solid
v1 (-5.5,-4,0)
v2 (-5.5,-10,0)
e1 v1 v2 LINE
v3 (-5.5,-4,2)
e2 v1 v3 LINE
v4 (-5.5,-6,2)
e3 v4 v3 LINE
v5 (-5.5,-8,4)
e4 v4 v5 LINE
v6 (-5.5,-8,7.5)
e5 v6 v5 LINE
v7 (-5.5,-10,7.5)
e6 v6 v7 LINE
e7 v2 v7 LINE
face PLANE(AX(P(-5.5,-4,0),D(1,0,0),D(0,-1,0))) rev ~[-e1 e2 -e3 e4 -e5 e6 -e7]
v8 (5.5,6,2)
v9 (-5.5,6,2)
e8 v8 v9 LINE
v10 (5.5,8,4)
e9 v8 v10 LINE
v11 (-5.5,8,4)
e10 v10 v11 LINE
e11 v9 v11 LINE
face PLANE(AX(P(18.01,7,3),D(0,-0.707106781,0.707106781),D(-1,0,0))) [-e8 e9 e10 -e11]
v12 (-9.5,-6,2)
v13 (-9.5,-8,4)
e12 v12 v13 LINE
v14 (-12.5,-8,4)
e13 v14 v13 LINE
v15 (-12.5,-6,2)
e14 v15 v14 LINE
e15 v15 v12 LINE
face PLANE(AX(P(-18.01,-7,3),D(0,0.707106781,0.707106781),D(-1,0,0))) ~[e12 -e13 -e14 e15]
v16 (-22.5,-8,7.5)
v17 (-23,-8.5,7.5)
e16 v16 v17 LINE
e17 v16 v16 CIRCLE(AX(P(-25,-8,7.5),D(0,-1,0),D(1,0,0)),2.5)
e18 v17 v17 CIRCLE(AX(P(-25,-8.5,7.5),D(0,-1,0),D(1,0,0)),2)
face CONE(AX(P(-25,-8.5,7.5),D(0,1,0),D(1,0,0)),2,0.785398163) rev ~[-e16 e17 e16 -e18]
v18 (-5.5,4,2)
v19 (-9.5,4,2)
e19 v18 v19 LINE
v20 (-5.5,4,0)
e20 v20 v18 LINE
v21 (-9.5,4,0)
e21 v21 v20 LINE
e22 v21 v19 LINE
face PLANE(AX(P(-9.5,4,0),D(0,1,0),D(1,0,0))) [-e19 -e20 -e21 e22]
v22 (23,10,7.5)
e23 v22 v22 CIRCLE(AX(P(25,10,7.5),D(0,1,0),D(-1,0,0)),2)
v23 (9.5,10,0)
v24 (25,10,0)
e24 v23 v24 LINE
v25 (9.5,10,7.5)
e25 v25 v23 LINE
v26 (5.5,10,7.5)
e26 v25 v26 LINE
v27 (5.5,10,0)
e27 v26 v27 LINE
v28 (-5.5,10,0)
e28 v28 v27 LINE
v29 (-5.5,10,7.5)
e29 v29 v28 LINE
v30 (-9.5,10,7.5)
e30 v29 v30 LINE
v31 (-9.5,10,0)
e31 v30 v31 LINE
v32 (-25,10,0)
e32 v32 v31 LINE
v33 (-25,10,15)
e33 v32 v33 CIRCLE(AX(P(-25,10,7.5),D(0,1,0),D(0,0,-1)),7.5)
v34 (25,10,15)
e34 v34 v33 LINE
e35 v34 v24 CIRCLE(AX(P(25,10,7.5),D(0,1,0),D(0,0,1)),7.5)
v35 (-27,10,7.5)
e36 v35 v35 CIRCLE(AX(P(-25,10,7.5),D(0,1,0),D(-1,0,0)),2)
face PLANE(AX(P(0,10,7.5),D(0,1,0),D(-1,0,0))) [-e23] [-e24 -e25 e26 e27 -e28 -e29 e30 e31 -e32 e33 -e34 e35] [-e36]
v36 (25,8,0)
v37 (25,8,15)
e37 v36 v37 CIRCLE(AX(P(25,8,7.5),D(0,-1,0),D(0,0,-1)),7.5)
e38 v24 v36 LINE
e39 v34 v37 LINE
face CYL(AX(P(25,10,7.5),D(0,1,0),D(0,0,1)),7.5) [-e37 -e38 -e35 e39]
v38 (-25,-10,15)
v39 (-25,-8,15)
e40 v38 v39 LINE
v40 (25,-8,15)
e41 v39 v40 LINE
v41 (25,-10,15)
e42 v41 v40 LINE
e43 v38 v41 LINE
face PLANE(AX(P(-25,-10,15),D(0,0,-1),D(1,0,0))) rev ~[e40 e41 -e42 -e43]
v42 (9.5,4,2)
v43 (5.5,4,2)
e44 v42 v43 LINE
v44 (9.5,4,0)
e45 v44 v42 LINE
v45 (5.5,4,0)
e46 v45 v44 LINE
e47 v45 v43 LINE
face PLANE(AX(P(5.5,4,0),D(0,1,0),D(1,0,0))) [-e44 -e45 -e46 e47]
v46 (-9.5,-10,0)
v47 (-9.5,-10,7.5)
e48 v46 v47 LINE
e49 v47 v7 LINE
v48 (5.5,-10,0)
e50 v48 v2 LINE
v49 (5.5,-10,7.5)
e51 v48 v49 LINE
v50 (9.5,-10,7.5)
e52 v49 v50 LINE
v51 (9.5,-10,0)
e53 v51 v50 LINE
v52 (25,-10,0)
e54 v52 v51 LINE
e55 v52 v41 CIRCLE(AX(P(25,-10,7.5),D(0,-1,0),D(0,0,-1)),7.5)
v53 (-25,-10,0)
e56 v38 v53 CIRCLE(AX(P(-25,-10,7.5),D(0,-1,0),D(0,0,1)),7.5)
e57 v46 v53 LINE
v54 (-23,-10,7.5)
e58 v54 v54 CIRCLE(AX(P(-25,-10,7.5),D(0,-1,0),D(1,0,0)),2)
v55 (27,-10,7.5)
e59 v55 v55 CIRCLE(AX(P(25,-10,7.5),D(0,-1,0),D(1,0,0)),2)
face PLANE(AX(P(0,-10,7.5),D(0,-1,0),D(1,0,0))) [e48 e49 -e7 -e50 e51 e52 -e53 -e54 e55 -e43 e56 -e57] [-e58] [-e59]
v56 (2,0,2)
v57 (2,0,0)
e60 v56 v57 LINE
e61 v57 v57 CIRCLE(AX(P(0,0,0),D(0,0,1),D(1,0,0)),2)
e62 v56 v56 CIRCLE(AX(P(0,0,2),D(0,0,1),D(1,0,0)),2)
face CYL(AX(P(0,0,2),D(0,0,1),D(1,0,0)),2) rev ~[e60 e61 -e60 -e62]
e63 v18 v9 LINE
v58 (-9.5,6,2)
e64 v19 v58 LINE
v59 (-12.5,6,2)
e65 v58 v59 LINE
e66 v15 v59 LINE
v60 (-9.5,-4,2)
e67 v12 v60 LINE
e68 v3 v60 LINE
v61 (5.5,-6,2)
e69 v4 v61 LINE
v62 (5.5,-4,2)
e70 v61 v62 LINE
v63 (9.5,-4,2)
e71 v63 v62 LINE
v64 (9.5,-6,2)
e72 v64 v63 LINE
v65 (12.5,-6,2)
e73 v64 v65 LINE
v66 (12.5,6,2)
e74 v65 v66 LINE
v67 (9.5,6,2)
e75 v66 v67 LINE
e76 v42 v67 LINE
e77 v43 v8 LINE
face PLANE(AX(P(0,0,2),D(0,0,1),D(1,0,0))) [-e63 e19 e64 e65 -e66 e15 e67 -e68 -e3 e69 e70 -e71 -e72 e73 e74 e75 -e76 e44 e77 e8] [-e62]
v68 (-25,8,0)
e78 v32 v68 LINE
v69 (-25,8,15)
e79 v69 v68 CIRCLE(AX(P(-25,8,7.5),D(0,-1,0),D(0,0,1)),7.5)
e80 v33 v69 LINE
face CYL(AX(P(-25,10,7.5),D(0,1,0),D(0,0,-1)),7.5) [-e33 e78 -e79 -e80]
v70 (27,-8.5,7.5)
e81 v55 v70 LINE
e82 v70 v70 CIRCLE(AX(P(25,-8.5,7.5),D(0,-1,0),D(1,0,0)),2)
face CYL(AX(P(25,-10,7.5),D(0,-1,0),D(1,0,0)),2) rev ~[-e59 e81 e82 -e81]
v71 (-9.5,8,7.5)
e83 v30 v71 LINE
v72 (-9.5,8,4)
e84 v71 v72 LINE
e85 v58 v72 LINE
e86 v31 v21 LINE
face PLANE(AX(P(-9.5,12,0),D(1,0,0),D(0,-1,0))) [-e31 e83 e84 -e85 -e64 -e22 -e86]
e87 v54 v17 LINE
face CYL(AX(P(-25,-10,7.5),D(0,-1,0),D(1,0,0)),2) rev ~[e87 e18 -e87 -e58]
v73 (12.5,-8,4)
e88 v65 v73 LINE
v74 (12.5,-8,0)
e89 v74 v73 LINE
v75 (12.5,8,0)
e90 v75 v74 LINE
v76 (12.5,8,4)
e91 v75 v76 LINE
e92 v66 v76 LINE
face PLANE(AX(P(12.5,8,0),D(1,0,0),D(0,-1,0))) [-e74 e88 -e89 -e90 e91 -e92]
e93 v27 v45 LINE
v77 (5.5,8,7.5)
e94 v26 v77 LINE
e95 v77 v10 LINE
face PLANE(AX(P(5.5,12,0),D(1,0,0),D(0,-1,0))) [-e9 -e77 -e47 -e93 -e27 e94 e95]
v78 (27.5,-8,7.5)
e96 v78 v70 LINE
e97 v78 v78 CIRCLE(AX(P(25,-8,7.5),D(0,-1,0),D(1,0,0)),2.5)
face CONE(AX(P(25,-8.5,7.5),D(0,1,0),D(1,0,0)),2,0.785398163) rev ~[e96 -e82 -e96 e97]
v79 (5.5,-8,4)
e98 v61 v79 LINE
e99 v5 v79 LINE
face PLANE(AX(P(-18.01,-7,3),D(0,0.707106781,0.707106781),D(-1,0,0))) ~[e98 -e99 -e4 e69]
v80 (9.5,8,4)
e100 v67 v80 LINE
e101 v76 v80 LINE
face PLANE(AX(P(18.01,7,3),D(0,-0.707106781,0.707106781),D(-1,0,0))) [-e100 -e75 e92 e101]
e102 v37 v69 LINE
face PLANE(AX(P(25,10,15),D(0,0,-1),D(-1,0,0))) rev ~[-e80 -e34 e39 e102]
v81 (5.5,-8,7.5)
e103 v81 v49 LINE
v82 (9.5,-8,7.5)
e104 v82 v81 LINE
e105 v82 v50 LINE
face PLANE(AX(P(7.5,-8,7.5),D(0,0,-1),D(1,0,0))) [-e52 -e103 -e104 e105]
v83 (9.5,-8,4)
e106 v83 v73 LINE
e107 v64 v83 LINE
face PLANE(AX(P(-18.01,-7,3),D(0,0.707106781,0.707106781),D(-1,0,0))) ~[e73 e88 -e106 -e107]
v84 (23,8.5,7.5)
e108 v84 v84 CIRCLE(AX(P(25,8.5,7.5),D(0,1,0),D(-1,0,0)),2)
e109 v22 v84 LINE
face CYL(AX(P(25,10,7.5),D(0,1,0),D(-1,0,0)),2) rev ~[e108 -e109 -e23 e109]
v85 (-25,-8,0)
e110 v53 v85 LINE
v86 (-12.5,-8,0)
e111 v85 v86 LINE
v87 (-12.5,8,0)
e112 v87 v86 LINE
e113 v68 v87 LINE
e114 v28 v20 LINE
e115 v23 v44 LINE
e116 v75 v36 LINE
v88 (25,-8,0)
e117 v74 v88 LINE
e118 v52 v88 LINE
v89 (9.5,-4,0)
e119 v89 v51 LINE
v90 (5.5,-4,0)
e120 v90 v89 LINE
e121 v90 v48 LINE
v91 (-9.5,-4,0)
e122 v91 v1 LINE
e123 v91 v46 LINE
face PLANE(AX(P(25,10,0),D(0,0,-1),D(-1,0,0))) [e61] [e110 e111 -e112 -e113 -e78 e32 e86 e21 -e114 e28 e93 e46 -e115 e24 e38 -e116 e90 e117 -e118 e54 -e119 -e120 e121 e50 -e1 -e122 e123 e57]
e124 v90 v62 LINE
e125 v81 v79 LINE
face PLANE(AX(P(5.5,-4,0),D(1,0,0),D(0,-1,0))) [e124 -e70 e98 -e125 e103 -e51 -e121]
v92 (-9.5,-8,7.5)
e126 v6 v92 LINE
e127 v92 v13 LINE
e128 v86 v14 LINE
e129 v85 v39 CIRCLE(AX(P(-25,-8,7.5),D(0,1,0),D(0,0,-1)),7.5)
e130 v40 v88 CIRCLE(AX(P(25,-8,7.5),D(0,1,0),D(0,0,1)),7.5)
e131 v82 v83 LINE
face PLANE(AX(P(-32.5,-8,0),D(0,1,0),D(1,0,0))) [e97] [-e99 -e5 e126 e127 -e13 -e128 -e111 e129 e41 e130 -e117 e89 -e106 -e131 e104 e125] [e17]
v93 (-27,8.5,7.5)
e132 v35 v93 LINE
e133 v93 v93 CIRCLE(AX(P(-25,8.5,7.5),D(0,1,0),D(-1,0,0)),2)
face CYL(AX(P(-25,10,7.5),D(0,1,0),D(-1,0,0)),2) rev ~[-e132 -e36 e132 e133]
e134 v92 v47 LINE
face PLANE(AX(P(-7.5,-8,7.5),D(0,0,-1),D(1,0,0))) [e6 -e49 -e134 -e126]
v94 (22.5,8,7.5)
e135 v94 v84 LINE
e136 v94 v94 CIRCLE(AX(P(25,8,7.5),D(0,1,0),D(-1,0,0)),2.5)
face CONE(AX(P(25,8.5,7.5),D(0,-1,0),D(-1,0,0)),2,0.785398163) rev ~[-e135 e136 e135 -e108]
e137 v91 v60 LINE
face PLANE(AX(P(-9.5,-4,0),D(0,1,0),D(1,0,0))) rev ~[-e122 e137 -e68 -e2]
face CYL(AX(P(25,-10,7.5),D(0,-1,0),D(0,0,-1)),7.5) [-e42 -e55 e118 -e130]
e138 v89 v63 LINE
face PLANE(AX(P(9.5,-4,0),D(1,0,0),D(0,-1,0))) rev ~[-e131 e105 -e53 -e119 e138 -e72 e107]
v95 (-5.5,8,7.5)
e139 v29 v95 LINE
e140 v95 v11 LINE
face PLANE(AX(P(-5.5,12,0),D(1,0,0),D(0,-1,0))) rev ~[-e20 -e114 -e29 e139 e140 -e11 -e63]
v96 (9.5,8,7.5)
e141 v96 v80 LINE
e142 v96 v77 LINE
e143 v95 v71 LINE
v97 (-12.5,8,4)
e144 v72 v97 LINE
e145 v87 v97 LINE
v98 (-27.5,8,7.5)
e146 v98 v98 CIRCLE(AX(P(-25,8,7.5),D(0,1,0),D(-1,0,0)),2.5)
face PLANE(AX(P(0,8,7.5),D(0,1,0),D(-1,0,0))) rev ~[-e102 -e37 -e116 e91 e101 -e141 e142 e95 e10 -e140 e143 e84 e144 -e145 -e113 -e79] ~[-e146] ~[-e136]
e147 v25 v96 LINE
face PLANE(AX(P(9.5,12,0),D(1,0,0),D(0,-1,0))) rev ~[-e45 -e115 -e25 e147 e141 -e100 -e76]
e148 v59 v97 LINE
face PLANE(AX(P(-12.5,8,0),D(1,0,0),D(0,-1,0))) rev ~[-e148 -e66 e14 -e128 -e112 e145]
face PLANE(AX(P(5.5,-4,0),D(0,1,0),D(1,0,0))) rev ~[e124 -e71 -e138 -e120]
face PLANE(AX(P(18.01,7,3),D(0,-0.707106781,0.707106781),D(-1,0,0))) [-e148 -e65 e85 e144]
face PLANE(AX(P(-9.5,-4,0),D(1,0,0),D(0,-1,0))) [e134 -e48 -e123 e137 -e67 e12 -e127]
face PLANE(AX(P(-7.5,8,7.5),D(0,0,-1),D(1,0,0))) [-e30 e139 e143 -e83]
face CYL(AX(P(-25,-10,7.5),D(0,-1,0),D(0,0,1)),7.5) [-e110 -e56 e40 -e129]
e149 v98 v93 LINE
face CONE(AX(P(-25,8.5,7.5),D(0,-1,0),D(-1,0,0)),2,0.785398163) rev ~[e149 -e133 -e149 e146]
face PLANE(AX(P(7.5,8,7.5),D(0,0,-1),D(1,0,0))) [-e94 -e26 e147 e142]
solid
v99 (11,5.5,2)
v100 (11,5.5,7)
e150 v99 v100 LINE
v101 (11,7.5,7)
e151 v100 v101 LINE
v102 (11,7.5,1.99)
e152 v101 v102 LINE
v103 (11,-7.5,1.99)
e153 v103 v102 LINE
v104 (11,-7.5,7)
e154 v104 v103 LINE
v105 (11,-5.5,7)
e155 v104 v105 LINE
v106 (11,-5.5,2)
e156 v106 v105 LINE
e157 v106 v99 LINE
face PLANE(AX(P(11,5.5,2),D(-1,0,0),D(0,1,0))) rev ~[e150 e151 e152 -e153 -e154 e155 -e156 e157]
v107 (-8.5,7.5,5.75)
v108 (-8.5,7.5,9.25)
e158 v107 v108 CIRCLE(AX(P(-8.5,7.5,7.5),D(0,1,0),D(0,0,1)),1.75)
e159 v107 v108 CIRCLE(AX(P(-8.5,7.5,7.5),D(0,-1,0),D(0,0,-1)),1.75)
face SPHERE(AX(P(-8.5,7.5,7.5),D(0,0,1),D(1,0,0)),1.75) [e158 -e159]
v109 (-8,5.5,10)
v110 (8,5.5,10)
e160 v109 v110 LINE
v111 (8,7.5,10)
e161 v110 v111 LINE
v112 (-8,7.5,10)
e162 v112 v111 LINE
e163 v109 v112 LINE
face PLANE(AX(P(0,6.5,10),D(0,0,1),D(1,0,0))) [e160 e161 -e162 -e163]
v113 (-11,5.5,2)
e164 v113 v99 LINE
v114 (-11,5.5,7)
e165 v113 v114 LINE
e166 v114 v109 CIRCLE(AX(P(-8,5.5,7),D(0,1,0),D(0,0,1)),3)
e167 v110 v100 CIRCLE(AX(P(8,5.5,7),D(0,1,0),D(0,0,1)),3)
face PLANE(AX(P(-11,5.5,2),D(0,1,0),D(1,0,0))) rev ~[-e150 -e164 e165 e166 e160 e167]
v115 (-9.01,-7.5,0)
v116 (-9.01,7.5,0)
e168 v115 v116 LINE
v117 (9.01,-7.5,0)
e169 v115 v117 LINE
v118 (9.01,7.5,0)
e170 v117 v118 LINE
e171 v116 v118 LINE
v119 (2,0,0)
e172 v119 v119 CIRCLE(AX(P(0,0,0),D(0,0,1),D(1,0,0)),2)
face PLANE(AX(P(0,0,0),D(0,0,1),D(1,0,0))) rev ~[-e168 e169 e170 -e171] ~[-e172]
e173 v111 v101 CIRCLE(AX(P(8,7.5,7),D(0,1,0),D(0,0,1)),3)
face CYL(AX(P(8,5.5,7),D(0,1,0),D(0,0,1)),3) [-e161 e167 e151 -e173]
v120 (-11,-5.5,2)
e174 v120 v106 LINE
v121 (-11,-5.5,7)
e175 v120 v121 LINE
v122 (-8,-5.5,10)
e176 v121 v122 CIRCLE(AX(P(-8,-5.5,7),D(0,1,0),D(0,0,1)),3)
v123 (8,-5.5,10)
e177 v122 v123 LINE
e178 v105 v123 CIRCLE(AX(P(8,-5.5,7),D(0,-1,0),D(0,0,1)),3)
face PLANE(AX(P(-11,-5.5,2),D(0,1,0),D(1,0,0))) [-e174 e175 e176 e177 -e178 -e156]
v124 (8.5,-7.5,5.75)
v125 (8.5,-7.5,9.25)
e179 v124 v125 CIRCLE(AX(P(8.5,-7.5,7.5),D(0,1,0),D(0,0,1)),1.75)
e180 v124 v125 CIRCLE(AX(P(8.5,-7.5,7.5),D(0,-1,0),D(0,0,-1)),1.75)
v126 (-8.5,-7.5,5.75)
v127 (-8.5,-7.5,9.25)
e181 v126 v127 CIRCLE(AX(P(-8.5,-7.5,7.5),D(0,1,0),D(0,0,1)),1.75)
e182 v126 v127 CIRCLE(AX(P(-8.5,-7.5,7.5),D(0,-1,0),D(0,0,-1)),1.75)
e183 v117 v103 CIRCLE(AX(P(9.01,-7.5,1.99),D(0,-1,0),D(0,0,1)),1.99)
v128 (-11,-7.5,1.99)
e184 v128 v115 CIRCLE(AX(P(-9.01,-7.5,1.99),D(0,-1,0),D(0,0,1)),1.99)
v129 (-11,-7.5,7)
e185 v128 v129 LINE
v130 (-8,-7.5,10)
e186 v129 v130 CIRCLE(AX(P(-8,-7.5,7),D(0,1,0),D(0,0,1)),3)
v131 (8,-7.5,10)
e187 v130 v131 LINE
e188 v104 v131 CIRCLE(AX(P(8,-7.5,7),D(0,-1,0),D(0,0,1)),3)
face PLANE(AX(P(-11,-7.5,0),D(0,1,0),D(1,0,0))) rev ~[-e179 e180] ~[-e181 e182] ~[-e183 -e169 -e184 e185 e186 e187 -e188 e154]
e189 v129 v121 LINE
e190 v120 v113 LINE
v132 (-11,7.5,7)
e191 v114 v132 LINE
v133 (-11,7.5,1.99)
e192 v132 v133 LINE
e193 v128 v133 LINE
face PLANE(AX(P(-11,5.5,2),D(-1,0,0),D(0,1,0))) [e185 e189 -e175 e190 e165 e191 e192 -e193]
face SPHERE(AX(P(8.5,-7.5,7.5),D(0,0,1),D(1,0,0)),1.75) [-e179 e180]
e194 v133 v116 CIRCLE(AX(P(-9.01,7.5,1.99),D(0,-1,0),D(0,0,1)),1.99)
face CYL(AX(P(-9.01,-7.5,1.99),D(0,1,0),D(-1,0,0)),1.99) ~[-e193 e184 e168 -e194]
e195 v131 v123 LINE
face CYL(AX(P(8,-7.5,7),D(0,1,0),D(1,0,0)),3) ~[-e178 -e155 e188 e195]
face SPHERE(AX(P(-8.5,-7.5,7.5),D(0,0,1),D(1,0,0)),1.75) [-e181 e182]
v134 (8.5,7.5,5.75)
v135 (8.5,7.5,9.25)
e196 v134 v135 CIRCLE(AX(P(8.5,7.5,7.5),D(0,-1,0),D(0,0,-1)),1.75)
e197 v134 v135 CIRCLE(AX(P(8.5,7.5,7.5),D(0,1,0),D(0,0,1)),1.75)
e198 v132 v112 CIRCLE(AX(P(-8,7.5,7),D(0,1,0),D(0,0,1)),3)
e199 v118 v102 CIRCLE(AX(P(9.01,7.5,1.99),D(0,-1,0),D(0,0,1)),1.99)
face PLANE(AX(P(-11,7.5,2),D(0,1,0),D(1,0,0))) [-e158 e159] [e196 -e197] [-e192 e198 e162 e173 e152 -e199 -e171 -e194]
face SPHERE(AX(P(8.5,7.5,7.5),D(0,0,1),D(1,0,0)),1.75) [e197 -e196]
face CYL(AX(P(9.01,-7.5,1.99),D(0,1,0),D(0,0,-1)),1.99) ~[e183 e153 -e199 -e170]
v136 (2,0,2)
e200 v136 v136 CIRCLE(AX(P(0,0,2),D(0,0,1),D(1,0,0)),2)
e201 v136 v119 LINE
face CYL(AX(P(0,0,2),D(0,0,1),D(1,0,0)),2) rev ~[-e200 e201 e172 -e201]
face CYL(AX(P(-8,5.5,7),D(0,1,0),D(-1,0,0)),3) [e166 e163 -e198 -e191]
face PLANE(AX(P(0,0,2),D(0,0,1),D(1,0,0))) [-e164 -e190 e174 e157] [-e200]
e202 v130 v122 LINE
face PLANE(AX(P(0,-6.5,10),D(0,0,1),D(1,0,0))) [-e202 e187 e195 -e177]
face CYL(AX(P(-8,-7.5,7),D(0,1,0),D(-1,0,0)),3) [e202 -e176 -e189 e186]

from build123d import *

# Parameters (mm, degrees)
SKETCH004_W     = 22
SKETCH004_H     = 15
PAD003_DEPTH    = 2
SKETCH005_W     = 22
SKETCH005_H     = 2
PAD004_DEPTH    = 8
FILLET_R        = 3
FILLET001_R     = 1.99
SKETCH006_R     = 2
POCKET001_DEPTH = 2.001
SKETCH_W        = 40
SKETCH_H        = 20
PAD_DEPTH       = 2
SKETCH001_R     = 2
PAD001_DEPTH    = 2
SKETCH002_R     = 2
PAD002_DEPTH    = 2
CHAMFER_SIZE    = 0.5
CHAMFER001_SIZE = 1.99
CHAMFER002_SIZE = 2
SKETCH003_W     = 20
SKETCH003_H     = 16
POCKET_DEPTH    = 5
SKETCH007_R     = 2
POCKET002_DEPTH = 5
SKETCH008_W     = 4
SKETCH008_H     = 8
POCKET003_DEPTH = 7.5


with BuildPart() as sph_re003:
    # Sphere003 → Sphere003 (revolve)
    with BuildSketch(Plane(origin=(-8.5, 7.5, 7.5), x_dir=(1, 0, 0), z_dir=(0, -1, 0))):
        with BuildLine():
            ThreePointArc((0, -1.75), (1.75, 0), (0, 1.75))
            Line((0, 1.75), (0, -1.75))
        make_face()
    revolve(axis=Axis((-8.5, 7.5, 7.5), (0, 0, 1)))


with BuildPart() as fusion002:
    # Sphere002 → Sphere002 (revolve)
    with BuildSketch(Plane(origin=(8.5, 7.5, 7.5), x_dir=(1, 0, 0), z_dir=(0, -1, 0))):
        with BuildLine():
            ThreePointArc((0, -1.75), (1.75, 0), (0, 1.75))
            Line((0, 1.75), (0, -1.75))
        make_face()
    revolve(axis=Axis((8.5, 7.5, 7.5), (0, 0, 1)))

    # Fusion002: union Sphère003
    add(sph_re003.part)


with BuildPart() as sph_re001:
    # Sphere001 → Sphere001 (revolve)
    with BuildSketch(Plane(origin=(8.5, -7.5, 7.5), x_dir=(1, 0, 0), z_dir=(0, -1, 0))):
        with BuildLine():
            ThreePointArc((0, -1.75), (1.75, 0), (0, 1.75))
            Line((0, 1.75), (0, -1.75))
        make_face()
    revolve(axis=Axis((8.5, -7.5, 7.5), (0, 0, 1)))


with BuildPart() as fusion:
    # Sphere → Sphere (revolve)
    with BuildSketch(Plane(origin=(-8.5, -7.5, 7.5), x_dir=(1, 0, 0), z_dir=(0, -1, 0))):
        with BuildLine():
            ThreePointArc((0, -1.75), (1.75, 0), (0, 1.75))
            Line((0, 1.75), (0, -1.75))
        make_face()
    revolve(axis=Axis((-8.5, -7.5, 7.5), (0, 0, 1)))

    # Fusion: union Sphère001
    add(sph_re001.part)


with BuildPart() as agraphe007:
    # Sketch004 → Pad003 (new body)
    with BuildSketch(Plane.XY):
        Rectangle(SKETCH004_W, SKETCH004_H)
    extrude(amount=PAD003_DEPTH)

    # Sketch005 → Pad004 (new body)
    with BuildSketch(Plane.XY.offset(2)):
        with Locations((0, 6.5)):
            Rectangle(SKETCH005_W, SKETCH005_H)
        with Locations((0, -6.5)):
            Rectangle(SKETCH005_W, SKETCH005_H)
    extrude(amount=PAD004_DEPTH)

    # Fusion001: union Fusion
    add(fusion.part)

    # Fusion003: union Fusion002
    add(fusion002.part)

    # Fillet
    fillet_edges = [agraphe007.edges().sort_by_distance(p)[0] for p in [
        (11, 6.5, 10),
        (11, -6.5, 10),
        (-11, -6.5, 10),
        (-11, 6.5, 10),
    ]]
    fillet(fillet_edges, radius=FILLET_R)

    # Fillet001
    fillet001_edges = [agraphe007.edges().sort_by_distance(p)[0] for p in [
        (11, 0, 0),
        (-11, 0, 0),
    ]]
    fillet(fillet001_edges, radius=FILLET001_R)

    # Sketch006 → Pocket001 (cut, through all)
    with BuildSketch(Plane.XY.offset(2)):
        Circle(SKETCH006_R)
    extrude(amount=-POCKET001_DEPTH, mode=Mode.SUBTRACT)


with BuildPart() as pento008:
    # Sketch → Pad (new body)
    with BuildSketch(Plane.XY):
        Rectangle(SKETCH_W, SKETCH_H)
    extrude(amount=PAD_DEPTH)

    # Sketch001 → Pad001 (new body)
    with BuildSketch(Plane.XZ.offset(10)):
        with BuildLine():
            ThreePointArc((-25, 15), (-32.5, 7.5), (-25, 0))
            Line((-25, 0), (25, 0))
            ThreePointArc((25, 0), (32.5, 7.5), (25, 15))
            Line((-25, 15), (25, 15))
        make_face()
        with Locations((-25, 7.5)):
            Circle(SKETCH001_R, mode=Mode.SUBTRACT)
        with Locations((25, 7.5)):
            Circle(SKETCH001_R, mode=Mode.SUBTRACT)
    extrude(amount=-PAD001_DEPTH)

    # Sketch002 → Pad002 (new body)
    with BuildSketch(Plane(origin=(0, 10, 0), x_dir=(-1, 0, 0), z_dir=(0, 1, 0))):
        with BuildLine():
            ThreePointArc((-25, 15), (-32.5, 7.5), (-25, 0))
            Line((-25, 0), (25, 0))
            ThreePointArc((25, 0), (32.5, 7.5), (25, 15))
            Line((-25, 15), (25, 15))
        make_face()
        with Locations((-25, 7.5)):
            Circle(SKETCH002_R, mode=Mode.SUBTRACT)
        with Locations((25, 7.5)):
            Circle(SKETCH002_R, mode=Mode.SUBTRACT)
    extrude(amount=-PAD002_DEPTH)

    # Chamfer
    chamfer_edges = [pento008.edges().sort_by_distance(p)[0] for p in [
        (23, -8, 7.5),
        (-27, -8, 7.5),
        (-23, 8, 7.5),
        (27, 8, 7.5),
    ]]
    chamfer(chamfer_edges, length=CHAMFER_SIZE)

    # Chamfer001
    chamfer001_edges = [pento008.edges().sort_by_distance(p)[0] for p in [
        (20, 0, 2),
        (-20, 0, 2),
    ]]
    chamfer(chamfer001_edges, length=CHAMFER001_SIZE)

    # Chamfer002
    chamfer002_edges = [pento008.edges().sort_by_distance(p)[0] for p in [
        (0, -8, 2),
        (0, 8, 2),
    ]]
    chamfer(chamfer002_edges, length=CHAMFER002_SIZE)

    # Sketch003 → Pocket (cut)
    with BuildSketch(Plane(origin=(0, 0, 0), x_dir=(1, 0, 0), z_dir=(0, 0, -1))):
        with Locations((-22.5, 0)):
            Rectangle(SKETCH003_W, SKETCH003_H)
        with Locations((22.5, 0)):
            Rectangle(SKETCH003_W, SKETCH003_H)
    extrude(amount=-POCKET_DEPTH, mode=Mode.SUBTRACT)

    # Sketch007 → Pocket002 (cut)
    with BuildSketch(Plane.XY.offset(2)):
        Circle(SKETCH007_R)
    extrude(amount=-POCKET002_DEPTH, mode=Mode.SUBTRACT)

    # Sketch008 → Pocket003 (cut)
    with BuildSketch(Plane(origin=(0, 0, 0), x_dir=(1, 0, 0), z_dir=(0, 0, -1))):
        with Locations((-7.5, 8)):
            Rectangle(SKETCH008_W, SKETCH008_H)
        with Locations((7.5, 8)):
            Rectangle(SKETCH008_W, SKETCH008_H)
        with Locations((7.5, -8)):
            Rectangle(SKETCH008_W, SKETCH008_H)
        with Locations((-7.5, -8)):
            Rectangle(SKETCH008_W, SKETCH008_H)
    extrude(amount=-POCKET003_DEPTH, mode=Mode.SUBTRACT)


solid = Compound([agraphe007.part, pento008.part])
